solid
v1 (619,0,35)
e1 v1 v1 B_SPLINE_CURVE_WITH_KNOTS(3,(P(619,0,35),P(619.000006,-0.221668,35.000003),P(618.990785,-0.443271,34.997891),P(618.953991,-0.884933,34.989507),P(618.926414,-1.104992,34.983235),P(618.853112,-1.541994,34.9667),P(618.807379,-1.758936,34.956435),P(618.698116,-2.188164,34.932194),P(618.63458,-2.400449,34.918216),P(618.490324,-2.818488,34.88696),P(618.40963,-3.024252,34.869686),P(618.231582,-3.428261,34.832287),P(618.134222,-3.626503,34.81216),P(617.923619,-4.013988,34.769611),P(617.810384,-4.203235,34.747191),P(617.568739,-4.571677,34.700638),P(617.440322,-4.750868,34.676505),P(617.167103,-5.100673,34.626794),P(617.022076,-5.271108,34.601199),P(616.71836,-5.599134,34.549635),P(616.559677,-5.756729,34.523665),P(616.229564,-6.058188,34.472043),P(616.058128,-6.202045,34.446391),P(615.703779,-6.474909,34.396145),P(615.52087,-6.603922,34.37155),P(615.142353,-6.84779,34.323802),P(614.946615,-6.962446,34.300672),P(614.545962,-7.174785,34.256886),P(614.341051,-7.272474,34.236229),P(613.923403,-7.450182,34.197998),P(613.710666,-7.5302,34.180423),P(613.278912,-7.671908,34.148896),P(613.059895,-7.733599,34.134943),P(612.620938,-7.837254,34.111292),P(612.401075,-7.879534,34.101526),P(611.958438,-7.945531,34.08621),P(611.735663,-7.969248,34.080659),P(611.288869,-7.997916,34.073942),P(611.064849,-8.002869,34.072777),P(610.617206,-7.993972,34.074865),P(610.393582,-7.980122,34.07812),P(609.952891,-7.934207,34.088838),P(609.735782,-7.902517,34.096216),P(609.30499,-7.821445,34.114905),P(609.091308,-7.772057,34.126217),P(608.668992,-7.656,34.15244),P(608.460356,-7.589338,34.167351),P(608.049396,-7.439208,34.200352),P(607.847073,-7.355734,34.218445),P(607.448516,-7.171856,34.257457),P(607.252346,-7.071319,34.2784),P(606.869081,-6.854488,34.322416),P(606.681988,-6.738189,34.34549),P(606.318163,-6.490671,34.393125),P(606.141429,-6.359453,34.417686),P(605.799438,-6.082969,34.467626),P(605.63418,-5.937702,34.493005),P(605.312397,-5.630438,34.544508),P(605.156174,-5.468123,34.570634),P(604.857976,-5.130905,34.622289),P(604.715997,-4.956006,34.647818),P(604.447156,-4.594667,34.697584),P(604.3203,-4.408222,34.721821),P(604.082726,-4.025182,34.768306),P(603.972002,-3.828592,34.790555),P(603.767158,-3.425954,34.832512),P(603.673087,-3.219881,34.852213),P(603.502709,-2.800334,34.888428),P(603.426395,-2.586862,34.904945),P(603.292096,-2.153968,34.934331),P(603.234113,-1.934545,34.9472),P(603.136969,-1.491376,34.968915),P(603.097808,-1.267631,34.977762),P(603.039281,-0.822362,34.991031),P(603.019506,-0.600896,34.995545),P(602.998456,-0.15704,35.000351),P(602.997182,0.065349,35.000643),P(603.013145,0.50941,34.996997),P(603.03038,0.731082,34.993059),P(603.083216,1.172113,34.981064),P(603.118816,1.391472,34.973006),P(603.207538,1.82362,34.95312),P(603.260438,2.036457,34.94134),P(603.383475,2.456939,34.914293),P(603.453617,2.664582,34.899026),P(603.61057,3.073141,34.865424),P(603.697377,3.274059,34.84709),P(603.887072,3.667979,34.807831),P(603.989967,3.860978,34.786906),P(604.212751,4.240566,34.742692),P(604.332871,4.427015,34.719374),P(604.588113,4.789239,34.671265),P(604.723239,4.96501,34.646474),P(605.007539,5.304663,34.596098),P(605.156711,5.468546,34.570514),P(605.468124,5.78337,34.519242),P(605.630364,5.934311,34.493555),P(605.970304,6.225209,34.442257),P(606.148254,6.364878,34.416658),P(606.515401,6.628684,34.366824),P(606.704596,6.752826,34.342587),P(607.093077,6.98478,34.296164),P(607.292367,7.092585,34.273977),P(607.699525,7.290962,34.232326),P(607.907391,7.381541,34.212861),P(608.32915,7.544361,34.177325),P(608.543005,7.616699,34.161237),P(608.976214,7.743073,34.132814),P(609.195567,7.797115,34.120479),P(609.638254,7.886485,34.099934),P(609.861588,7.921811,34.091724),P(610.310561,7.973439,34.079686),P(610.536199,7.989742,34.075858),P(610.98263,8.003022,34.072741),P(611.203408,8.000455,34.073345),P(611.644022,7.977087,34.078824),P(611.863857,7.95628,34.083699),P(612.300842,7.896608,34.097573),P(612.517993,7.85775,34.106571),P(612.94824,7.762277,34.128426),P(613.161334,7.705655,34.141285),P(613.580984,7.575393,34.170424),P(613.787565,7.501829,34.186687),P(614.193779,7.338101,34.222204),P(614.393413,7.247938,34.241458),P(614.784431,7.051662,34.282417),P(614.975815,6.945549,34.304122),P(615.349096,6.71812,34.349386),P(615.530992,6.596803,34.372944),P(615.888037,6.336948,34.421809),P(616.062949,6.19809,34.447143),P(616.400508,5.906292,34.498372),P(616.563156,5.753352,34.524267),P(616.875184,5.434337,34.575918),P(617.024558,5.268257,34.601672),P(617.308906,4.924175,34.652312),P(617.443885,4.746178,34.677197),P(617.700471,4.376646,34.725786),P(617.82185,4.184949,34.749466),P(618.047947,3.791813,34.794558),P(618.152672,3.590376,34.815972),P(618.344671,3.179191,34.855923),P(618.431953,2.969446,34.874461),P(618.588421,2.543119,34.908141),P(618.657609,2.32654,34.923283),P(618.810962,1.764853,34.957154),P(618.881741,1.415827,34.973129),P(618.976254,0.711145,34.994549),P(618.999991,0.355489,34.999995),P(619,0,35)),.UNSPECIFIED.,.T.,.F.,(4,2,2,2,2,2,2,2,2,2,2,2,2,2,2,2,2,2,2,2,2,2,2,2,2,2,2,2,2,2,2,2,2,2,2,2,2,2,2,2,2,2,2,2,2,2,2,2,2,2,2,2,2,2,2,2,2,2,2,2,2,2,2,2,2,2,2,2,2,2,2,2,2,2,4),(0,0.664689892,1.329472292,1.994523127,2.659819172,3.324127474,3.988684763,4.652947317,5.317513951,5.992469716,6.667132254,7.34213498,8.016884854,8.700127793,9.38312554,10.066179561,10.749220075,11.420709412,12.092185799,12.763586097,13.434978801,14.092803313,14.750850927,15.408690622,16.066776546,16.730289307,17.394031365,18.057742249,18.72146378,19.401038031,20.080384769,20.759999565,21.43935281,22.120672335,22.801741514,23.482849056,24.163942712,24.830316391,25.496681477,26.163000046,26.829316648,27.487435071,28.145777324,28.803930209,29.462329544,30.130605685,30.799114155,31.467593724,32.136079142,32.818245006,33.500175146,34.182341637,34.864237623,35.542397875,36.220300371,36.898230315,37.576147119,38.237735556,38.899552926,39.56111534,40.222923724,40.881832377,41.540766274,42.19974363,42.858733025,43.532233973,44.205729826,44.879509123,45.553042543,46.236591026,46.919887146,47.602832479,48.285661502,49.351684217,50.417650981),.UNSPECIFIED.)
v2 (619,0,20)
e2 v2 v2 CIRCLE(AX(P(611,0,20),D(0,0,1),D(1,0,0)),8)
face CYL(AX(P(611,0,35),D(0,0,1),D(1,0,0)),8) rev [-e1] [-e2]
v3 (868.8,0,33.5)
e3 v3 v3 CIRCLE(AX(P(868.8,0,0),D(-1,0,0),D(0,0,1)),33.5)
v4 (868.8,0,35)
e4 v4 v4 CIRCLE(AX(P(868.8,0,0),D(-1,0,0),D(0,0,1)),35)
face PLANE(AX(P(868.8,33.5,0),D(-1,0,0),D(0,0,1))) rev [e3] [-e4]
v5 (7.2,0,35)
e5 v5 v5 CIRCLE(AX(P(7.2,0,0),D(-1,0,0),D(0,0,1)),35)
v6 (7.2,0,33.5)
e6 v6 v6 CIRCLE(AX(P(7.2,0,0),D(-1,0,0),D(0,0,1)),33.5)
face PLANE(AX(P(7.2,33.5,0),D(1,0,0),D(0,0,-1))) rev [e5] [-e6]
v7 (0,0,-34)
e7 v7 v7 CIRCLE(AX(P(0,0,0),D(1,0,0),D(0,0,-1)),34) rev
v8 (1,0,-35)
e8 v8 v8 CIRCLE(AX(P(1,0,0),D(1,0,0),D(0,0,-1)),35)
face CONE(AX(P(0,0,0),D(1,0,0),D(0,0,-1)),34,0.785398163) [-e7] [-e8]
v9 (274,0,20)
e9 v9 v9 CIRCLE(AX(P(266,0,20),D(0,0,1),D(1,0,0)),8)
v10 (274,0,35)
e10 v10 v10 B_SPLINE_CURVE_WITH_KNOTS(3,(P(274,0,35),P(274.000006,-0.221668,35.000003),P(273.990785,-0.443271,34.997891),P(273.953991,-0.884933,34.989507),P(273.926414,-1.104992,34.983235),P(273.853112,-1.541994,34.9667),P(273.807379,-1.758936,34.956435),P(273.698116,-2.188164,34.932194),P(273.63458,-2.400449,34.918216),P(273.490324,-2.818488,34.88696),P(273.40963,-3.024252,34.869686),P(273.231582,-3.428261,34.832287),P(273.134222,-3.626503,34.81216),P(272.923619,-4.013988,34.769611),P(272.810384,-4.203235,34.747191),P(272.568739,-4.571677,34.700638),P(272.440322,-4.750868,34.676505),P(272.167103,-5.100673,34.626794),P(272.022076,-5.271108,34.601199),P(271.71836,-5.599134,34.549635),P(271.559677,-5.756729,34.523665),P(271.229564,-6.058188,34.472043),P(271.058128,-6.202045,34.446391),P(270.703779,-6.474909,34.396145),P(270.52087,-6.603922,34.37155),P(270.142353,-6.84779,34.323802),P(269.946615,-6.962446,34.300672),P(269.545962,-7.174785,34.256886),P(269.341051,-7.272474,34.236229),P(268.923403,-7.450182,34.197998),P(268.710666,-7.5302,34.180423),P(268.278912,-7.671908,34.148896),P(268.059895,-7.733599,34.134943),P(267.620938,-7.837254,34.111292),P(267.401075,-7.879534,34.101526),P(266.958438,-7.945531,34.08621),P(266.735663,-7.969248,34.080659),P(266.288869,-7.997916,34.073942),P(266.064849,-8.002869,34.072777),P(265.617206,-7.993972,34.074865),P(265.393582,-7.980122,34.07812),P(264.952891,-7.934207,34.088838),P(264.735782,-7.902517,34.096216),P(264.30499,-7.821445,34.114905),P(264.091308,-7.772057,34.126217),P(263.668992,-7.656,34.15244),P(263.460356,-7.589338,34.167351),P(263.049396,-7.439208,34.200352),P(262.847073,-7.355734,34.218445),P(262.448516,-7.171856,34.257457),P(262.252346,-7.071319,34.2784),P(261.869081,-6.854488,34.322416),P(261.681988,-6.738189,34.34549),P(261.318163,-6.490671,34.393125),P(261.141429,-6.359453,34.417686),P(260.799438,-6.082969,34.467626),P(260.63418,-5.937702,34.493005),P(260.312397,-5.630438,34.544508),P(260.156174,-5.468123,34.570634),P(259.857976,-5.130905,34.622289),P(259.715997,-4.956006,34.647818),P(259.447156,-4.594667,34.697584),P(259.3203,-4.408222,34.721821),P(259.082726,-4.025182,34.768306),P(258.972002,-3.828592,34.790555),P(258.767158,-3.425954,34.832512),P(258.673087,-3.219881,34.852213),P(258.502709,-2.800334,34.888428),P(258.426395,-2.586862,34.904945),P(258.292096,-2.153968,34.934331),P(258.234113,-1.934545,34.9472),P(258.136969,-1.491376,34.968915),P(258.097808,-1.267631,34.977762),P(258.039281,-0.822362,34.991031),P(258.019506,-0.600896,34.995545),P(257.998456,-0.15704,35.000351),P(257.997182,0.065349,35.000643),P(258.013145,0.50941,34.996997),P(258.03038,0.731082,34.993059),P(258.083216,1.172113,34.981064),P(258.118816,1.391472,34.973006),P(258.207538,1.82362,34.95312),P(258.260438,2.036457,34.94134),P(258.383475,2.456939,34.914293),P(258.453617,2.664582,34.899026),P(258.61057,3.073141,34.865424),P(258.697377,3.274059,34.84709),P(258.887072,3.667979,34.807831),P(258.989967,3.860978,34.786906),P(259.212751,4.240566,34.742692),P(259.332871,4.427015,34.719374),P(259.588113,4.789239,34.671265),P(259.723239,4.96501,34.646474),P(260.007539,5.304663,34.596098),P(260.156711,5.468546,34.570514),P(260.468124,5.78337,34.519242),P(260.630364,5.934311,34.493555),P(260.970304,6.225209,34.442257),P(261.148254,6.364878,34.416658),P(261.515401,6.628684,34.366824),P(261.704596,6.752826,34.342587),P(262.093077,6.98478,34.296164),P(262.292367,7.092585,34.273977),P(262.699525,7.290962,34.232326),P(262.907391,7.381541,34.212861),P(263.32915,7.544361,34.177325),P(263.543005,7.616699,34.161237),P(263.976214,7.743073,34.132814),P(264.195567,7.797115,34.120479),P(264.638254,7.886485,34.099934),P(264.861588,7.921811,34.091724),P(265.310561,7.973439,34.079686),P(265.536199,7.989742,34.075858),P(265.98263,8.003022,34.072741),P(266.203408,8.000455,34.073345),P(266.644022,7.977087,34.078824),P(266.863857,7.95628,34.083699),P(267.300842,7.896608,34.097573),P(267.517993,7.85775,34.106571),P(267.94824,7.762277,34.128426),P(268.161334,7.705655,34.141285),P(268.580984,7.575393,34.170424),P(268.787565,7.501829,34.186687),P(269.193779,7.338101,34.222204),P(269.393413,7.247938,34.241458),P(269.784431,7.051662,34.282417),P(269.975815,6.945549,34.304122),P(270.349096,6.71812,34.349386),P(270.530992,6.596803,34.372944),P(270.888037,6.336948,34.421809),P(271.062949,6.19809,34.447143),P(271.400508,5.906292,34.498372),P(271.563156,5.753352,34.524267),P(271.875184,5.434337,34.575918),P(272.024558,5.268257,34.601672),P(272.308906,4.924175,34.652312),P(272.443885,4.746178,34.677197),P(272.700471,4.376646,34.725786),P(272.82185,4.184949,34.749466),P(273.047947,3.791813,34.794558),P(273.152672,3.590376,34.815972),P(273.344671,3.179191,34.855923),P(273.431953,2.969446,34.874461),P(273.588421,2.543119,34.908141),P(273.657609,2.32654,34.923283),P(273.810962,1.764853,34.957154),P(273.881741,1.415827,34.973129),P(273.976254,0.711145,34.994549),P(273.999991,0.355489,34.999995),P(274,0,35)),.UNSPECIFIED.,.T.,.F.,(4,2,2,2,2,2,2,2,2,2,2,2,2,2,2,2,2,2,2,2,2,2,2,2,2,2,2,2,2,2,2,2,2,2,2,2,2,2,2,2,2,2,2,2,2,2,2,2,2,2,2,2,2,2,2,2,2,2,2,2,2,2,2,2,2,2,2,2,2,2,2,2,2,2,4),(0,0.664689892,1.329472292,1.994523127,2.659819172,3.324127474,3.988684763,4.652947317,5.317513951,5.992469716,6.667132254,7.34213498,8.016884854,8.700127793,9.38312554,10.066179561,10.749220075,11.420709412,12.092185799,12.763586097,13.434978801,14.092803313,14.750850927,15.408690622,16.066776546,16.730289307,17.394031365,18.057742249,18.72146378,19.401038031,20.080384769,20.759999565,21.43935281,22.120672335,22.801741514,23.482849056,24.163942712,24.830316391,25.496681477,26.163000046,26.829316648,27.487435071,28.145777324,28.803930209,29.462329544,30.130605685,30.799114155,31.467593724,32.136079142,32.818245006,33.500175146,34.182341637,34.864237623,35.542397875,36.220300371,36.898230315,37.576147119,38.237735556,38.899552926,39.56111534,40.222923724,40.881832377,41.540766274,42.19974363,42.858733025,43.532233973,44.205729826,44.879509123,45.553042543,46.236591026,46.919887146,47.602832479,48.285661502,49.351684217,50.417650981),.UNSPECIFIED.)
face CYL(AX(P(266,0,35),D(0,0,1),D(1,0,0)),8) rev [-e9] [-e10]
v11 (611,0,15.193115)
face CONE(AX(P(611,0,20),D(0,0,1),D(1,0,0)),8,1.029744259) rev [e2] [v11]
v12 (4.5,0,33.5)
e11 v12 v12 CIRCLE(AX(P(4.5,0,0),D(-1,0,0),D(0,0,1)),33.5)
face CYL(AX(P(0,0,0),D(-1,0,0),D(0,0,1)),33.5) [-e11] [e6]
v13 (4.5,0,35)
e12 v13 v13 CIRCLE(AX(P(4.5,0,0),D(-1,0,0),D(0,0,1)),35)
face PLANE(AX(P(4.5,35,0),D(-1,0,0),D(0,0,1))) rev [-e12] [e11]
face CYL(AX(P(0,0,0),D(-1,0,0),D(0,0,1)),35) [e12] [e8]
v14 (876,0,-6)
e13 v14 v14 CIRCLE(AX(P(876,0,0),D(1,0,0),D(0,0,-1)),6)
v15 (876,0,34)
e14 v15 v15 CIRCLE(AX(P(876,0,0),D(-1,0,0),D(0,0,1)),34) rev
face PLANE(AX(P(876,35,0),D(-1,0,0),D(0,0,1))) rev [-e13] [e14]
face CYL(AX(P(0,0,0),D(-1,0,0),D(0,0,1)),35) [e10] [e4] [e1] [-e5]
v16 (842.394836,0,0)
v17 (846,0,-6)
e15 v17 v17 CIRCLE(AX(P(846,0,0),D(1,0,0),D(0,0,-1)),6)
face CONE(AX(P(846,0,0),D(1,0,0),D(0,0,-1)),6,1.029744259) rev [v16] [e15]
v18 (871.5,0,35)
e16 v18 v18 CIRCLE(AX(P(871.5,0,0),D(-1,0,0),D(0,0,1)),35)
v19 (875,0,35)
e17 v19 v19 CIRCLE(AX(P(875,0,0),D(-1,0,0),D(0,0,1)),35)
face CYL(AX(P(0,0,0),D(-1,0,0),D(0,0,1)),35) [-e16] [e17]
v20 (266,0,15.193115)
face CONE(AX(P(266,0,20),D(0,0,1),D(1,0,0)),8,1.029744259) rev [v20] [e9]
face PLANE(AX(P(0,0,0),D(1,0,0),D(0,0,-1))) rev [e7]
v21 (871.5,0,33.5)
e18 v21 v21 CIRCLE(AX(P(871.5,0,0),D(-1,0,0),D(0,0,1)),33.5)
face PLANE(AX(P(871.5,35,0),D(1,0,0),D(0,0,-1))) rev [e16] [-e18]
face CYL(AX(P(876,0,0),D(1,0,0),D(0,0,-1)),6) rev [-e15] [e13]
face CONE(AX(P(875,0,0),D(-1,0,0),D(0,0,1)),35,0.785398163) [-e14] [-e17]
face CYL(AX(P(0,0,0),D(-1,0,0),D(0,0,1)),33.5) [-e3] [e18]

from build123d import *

# Parameters (mm, degrees)
HOLE_WIZARD_16_0_16_2_D     = 16
HOLE_WIZARD_16_0_16_2_DEPTH = 15
HOLE_WIZARD_16_0_16_2_TIP   = 4.806884952
HOLE_WIZARD_M14_1_D         = 12
HOLE_WIZARD_M14_1_DEPTH     = 30
HOLE_WIZARD_M14_1_TIP       = 3.605163714
CHAMFER_1_SIZE              = 1


with BuildPart() as part:
    # 草图1 → 旋转1 (revolve)
    with BuildSketch(Plane.XY, mode=Mode.PRIVATE) as revolve_1_sk:
        Polygon((0, 0), (0, 35), (4.5, 35), (4.5, 33.5), (7.2, 33.5), (7.2, 35), (868.8, 35), (868.8, 33.5), (871.5, 33.5), (871.5, 35), (876, 35), (876, 0), align=None)
    revolve(revolve_1_sk.sketch.rotate(Axis((0, 0, 0), (1, 0, 0)), 90), axis=Axis((0, 0, 0), (1, 0, 0)))

    # Ø16.0 (16) 直径孔2
    with Locations(Plane.XY.offset(35)):
        with Locations((266, 0), (611, 0)):
            Hole(HOLE_WIZARD_16_0_16_2_D / 2, depth=HOLE_WIZARD_16_0_16_2_DEPTH)
            with Locations((0, 0, -(HOLE_WIZARD_16_0_16_2_DEPTH + HOLE_WIZARD_16_0_16_2_TIP / 2))):  # 118° drill point
                Cone(0, HOLE_WIZARD_16_0_16_2_D / 2, HOLE_WIZARD_16_0_16_2_TIP, mode=Mode.SUBTRACT)

    # M14 螺纹孔1
    with Locations(Plane(origin=(876, 0, 0), x_dir=(0, 0, 1), z_dir=(1, 0, 0))):
        with Locations((0, 0)):
            Hole(HOLE_WIZARD_M14_1_D / 2, depth=HOLE_WIZARD_M14_1_DEPTH)
            with Locations((0, 0, -(HOLE_WIZARD_M14_1_DEPTH + HOLE_WIZARD_M14_1_TIP / 2))):  # 118° drill point
                Cone(0, HOLE_WIZARD_M14_1_D / 2, HOLE_WIZARD_M14_1_TIP, mode=Mode.SUBTRACT)

    # 倒角1
    chamfer_1_edges = [part.edges().sort_by_distance(p)[0] for p in [
        (0, 0, -35),
        (876, 0, -35),
    ]]
    chamfer(chamfer_1_edges, length=CHAMFER_1_SIZE)


solid = part.part
